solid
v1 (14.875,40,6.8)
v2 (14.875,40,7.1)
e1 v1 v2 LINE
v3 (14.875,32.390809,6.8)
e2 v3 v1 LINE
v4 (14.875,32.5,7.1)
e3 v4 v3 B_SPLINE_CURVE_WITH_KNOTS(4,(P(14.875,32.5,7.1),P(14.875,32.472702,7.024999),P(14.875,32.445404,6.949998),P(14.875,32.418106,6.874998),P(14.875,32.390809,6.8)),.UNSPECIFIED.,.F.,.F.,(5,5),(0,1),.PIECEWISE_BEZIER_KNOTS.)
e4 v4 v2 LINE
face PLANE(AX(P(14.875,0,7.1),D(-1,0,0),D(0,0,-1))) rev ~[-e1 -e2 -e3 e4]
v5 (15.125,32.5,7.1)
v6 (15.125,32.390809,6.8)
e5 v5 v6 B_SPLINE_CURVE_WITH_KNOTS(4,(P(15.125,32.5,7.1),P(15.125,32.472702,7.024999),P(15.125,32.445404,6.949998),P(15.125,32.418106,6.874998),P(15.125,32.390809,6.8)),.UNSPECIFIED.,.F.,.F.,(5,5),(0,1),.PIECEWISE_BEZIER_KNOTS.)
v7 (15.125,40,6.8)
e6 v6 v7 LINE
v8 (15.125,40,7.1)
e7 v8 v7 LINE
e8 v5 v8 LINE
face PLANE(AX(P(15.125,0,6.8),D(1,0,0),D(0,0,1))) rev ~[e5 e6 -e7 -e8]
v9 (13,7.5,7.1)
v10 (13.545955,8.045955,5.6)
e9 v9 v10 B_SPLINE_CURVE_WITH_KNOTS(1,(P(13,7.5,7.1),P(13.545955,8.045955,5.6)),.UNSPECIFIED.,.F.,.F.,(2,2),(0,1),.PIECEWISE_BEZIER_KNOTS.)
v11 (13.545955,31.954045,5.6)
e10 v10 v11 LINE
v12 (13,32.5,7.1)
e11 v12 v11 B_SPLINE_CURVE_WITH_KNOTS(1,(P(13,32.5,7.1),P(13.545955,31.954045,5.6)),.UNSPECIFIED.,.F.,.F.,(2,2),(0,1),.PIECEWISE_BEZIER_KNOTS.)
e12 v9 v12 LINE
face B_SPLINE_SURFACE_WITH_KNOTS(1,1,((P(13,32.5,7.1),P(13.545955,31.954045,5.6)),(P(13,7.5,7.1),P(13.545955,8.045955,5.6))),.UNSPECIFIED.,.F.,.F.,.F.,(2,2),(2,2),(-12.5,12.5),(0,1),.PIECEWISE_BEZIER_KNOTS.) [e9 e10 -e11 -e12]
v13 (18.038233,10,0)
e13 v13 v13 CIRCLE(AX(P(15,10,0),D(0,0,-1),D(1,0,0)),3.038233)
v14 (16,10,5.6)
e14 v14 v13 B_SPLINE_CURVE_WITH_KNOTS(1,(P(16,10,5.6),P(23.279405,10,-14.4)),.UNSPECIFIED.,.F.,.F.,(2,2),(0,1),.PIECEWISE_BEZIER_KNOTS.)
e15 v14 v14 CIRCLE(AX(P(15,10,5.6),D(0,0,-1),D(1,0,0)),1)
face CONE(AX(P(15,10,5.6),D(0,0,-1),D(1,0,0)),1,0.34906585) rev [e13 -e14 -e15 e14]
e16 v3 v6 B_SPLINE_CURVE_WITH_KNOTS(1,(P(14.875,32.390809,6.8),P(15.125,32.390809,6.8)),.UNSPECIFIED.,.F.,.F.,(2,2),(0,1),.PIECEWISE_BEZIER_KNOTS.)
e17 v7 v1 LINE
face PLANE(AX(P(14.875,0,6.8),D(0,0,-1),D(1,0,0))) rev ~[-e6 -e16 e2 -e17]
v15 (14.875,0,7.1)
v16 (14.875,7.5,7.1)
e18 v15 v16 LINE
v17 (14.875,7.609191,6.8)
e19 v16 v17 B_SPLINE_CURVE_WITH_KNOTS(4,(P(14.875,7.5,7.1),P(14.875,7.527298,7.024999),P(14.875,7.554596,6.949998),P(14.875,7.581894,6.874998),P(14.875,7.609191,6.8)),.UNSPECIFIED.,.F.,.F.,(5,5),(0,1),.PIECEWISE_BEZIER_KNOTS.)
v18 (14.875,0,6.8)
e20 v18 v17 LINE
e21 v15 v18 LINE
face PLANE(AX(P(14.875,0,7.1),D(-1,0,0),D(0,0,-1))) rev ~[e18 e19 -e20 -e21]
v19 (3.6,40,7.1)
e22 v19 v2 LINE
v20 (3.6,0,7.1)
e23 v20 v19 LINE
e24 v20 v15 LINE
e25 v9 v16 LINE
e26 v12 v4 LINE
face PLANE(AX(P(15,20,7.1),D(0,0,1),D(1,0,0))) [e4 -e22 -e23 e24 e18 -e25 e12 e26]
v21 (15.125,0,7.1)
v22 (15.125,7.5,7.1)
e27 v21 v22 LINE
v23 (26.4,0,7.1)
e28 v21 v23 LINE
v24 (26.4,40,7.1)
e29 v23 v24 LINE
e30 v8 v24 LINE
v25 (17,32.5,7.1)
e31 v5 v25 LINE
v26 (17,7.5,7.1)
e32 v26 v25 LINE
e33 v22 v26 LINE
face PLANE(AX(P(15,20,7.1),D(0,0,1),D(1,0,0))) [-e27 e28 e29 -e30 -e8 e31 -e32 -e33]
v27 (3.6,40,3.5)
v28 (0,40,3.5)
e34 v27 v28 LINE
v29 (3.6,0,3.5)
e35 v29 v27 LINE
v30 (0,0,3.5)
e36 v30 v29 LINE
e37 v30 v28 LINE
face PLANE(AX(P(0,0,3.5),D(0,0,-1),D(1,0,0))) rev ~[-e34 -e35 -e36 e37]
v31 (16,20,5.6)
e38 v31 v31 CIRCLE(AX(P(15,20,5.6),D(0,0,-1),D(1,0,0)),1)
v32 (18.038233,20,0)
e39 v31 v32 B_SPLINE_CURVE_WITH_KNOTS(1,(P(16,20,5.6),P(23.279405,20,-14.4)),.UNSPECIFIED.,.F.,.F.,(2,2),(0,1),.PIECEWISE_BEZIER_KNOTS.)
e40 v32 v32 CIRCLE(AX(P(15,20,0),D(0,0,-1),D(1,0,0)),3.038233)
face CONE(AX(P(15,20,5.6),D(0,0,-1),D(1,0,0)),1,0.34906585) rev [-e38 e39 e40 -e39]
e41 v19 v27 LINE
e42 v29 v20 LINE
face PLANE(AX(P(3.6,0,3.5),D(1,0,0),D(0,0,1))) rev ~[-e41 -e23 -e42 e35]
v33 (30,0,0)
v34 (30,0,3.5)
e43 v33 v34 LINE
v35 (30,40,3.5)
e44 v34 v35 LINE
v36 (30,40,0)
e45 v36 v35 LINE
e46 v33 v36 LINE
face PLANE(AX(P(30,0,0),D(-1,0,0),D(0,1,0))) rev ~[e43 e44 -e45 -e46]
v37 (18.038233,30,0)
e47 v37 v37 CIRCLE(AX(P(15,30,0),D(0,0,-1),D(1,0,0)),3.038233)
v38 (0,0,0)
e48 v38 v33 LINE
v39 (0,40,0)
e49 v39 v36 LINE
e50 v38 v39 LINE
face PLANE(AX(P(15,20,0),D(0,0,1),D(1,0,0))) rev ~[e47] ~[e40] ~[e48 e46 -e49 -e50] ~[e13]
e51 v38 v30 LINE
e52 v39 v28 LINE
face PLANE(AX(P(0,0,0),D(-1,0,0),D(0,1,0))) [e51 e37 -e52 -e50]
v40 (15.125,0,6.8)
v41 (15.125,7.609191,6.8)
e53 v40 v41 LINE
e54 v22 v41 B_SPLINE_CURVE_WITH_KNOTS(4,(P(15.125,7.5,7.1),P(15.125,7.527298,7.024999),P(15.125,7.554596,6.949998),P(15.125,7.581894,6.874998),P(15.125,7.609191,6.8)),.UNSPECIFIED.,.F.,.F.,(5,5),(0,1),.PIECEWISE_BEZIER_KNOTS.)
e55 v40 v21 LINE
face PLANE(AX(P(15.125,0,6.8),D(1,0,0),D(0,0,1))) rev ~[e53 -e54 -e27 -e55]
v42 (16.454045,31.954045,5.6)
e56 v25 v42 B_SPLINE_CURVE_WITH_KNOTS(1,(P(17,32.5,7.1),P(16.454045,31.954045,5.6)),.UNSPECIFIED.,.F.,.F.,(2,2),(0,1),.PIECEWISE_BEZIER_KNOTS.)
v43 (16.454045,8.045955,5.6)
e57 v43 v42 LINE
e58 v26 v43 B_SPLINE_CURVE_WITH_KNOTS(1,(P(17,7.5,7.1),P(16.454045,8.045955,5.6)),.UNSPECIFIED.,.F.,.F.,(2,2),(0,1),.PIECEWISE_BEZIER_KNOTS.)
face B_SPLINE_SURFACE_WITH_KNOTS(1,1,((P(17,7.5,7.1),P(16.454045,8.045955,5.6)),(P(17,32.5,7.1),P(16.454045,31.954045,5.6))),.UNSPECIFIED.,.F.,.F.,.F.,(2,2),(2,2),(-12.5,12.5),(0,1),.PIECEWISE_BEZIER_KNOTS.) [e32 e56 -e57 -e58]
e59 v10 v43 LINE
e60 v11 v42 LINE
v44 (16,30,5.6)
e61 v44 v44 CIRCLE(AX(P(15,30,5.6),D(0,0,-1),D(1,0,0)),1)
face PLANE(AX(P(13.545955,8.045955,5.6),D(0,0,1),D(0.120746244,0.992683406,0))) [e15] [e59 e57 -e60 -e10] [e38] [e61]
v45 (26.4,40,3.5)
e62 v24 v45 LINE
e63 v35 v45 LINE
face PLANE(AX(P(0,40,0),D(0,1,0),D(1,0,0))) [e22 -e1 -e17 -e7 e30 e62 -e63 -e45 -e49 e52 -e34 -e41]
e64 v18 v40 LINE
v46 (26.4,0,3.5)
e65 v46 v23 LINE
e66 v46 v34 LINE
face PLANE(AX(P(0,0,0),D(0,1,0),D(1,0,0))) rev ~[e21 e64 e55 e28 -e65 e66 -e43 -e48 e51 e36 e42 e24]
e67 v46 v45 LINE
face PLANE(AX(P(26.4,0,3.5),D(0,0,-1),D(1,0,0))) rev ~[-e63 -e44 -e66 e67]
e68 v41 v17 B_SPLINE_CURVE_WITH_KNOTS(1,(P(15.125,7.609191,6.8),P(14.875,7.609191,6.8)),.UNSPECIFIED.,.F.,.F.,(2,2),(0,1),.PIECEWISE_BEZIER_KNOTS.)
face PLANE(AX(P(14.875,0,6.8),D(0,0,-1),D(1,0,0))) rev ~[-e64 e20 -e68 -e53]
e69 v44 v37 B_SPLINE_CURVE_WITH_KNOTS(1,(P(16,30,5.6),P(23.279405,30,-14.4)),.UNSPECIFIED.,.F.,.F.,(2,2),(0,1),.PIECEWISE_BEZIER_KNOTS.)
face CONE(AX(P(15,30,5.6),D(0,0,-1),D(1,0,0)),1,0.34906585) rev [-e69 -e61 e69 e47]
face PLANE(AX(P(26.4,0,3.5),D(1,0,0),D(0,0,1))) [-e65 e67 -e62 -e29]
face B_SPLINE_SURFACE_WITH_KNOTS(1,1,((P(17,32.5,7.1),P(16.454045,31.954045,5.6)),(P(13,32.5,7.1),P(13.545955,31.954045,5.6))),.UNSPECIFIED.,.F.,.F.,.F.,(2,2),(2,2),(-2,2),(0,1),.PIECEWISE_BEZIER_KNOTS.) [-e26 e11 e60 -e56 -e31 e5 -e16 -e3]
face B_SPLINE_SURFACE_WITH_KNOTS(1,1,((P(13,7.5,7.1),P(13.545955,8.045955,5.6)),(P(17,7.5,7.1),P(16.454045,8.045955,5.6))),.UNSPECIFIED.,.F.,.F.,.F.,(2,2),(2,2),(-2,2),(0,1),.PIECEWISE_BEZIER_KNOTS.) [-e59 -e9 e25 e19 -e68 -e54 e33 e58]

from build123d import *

# Parameters (mm, degrees)
F0_W     = 30
F0_H     = 40
F1_DEPTH = 7.1
F2_W     = 4
F2_H     = 25
F3_DEPTH = 1.5
F3_TAPER = 20
F4_W     = 3.6
F4_H     = 3.6
F5_DEPTH = 40.001
F6_R     = 1
F7_DEPTH = 20
F7_TAPER = -20


with BuildPart() as f1:
    # F0 (on Top) → F1 (new body)
    with BuildSketch(Plane.XY):
        with Locations((15, 20)):
            Rectangle(F0_W, F0_H)
    extrude(amount=F1_DEPTH)

    # F2 (on face) → F3 (cut)
    with BuildSketch(Plane.XY.offset(7.1)):
        with Locations((15, 20)):
            Rectangle(F2_W, F2_H)
    extrude(amount=-F3_DEPTH, taper=F3_TAPER, mode=Mode.SUBTRACT)

    # F4 (on face) → F5 (cut, through all)
    with BuildSketch(Plane.XZ):
        with Locations((1.8, 5.3)):
            Rectangle(F4_W, F4_H)
        Polygon((15, 7.1), (14.875, 7.1), (14.875, 6.8), (15, 6.8), (15.125, 6.8), (15.125, 7.1), align=None)
        with Locations((28.2, 5.3)):
            Rectangle(F4_W, F4_H)
    extrude(amount=-F5_DEPTH, mode=Mode.SUBTRACT)

    # F6 (on face) → F7 (cut)
    with BuildSketch(Plane.XY.offset(5.6)):
        with Locations((15, 30)):
            Circle(F6_R)
        with Locations((15, 20)):
            Circle(F6_R)
        with Locations((15, 10)):
            Circle(F6_R)
    extrude(amount=-F7_DEPTH, taper=F7_TAPER, mode=Mode.SUBTRACT)


solid = f1.part
